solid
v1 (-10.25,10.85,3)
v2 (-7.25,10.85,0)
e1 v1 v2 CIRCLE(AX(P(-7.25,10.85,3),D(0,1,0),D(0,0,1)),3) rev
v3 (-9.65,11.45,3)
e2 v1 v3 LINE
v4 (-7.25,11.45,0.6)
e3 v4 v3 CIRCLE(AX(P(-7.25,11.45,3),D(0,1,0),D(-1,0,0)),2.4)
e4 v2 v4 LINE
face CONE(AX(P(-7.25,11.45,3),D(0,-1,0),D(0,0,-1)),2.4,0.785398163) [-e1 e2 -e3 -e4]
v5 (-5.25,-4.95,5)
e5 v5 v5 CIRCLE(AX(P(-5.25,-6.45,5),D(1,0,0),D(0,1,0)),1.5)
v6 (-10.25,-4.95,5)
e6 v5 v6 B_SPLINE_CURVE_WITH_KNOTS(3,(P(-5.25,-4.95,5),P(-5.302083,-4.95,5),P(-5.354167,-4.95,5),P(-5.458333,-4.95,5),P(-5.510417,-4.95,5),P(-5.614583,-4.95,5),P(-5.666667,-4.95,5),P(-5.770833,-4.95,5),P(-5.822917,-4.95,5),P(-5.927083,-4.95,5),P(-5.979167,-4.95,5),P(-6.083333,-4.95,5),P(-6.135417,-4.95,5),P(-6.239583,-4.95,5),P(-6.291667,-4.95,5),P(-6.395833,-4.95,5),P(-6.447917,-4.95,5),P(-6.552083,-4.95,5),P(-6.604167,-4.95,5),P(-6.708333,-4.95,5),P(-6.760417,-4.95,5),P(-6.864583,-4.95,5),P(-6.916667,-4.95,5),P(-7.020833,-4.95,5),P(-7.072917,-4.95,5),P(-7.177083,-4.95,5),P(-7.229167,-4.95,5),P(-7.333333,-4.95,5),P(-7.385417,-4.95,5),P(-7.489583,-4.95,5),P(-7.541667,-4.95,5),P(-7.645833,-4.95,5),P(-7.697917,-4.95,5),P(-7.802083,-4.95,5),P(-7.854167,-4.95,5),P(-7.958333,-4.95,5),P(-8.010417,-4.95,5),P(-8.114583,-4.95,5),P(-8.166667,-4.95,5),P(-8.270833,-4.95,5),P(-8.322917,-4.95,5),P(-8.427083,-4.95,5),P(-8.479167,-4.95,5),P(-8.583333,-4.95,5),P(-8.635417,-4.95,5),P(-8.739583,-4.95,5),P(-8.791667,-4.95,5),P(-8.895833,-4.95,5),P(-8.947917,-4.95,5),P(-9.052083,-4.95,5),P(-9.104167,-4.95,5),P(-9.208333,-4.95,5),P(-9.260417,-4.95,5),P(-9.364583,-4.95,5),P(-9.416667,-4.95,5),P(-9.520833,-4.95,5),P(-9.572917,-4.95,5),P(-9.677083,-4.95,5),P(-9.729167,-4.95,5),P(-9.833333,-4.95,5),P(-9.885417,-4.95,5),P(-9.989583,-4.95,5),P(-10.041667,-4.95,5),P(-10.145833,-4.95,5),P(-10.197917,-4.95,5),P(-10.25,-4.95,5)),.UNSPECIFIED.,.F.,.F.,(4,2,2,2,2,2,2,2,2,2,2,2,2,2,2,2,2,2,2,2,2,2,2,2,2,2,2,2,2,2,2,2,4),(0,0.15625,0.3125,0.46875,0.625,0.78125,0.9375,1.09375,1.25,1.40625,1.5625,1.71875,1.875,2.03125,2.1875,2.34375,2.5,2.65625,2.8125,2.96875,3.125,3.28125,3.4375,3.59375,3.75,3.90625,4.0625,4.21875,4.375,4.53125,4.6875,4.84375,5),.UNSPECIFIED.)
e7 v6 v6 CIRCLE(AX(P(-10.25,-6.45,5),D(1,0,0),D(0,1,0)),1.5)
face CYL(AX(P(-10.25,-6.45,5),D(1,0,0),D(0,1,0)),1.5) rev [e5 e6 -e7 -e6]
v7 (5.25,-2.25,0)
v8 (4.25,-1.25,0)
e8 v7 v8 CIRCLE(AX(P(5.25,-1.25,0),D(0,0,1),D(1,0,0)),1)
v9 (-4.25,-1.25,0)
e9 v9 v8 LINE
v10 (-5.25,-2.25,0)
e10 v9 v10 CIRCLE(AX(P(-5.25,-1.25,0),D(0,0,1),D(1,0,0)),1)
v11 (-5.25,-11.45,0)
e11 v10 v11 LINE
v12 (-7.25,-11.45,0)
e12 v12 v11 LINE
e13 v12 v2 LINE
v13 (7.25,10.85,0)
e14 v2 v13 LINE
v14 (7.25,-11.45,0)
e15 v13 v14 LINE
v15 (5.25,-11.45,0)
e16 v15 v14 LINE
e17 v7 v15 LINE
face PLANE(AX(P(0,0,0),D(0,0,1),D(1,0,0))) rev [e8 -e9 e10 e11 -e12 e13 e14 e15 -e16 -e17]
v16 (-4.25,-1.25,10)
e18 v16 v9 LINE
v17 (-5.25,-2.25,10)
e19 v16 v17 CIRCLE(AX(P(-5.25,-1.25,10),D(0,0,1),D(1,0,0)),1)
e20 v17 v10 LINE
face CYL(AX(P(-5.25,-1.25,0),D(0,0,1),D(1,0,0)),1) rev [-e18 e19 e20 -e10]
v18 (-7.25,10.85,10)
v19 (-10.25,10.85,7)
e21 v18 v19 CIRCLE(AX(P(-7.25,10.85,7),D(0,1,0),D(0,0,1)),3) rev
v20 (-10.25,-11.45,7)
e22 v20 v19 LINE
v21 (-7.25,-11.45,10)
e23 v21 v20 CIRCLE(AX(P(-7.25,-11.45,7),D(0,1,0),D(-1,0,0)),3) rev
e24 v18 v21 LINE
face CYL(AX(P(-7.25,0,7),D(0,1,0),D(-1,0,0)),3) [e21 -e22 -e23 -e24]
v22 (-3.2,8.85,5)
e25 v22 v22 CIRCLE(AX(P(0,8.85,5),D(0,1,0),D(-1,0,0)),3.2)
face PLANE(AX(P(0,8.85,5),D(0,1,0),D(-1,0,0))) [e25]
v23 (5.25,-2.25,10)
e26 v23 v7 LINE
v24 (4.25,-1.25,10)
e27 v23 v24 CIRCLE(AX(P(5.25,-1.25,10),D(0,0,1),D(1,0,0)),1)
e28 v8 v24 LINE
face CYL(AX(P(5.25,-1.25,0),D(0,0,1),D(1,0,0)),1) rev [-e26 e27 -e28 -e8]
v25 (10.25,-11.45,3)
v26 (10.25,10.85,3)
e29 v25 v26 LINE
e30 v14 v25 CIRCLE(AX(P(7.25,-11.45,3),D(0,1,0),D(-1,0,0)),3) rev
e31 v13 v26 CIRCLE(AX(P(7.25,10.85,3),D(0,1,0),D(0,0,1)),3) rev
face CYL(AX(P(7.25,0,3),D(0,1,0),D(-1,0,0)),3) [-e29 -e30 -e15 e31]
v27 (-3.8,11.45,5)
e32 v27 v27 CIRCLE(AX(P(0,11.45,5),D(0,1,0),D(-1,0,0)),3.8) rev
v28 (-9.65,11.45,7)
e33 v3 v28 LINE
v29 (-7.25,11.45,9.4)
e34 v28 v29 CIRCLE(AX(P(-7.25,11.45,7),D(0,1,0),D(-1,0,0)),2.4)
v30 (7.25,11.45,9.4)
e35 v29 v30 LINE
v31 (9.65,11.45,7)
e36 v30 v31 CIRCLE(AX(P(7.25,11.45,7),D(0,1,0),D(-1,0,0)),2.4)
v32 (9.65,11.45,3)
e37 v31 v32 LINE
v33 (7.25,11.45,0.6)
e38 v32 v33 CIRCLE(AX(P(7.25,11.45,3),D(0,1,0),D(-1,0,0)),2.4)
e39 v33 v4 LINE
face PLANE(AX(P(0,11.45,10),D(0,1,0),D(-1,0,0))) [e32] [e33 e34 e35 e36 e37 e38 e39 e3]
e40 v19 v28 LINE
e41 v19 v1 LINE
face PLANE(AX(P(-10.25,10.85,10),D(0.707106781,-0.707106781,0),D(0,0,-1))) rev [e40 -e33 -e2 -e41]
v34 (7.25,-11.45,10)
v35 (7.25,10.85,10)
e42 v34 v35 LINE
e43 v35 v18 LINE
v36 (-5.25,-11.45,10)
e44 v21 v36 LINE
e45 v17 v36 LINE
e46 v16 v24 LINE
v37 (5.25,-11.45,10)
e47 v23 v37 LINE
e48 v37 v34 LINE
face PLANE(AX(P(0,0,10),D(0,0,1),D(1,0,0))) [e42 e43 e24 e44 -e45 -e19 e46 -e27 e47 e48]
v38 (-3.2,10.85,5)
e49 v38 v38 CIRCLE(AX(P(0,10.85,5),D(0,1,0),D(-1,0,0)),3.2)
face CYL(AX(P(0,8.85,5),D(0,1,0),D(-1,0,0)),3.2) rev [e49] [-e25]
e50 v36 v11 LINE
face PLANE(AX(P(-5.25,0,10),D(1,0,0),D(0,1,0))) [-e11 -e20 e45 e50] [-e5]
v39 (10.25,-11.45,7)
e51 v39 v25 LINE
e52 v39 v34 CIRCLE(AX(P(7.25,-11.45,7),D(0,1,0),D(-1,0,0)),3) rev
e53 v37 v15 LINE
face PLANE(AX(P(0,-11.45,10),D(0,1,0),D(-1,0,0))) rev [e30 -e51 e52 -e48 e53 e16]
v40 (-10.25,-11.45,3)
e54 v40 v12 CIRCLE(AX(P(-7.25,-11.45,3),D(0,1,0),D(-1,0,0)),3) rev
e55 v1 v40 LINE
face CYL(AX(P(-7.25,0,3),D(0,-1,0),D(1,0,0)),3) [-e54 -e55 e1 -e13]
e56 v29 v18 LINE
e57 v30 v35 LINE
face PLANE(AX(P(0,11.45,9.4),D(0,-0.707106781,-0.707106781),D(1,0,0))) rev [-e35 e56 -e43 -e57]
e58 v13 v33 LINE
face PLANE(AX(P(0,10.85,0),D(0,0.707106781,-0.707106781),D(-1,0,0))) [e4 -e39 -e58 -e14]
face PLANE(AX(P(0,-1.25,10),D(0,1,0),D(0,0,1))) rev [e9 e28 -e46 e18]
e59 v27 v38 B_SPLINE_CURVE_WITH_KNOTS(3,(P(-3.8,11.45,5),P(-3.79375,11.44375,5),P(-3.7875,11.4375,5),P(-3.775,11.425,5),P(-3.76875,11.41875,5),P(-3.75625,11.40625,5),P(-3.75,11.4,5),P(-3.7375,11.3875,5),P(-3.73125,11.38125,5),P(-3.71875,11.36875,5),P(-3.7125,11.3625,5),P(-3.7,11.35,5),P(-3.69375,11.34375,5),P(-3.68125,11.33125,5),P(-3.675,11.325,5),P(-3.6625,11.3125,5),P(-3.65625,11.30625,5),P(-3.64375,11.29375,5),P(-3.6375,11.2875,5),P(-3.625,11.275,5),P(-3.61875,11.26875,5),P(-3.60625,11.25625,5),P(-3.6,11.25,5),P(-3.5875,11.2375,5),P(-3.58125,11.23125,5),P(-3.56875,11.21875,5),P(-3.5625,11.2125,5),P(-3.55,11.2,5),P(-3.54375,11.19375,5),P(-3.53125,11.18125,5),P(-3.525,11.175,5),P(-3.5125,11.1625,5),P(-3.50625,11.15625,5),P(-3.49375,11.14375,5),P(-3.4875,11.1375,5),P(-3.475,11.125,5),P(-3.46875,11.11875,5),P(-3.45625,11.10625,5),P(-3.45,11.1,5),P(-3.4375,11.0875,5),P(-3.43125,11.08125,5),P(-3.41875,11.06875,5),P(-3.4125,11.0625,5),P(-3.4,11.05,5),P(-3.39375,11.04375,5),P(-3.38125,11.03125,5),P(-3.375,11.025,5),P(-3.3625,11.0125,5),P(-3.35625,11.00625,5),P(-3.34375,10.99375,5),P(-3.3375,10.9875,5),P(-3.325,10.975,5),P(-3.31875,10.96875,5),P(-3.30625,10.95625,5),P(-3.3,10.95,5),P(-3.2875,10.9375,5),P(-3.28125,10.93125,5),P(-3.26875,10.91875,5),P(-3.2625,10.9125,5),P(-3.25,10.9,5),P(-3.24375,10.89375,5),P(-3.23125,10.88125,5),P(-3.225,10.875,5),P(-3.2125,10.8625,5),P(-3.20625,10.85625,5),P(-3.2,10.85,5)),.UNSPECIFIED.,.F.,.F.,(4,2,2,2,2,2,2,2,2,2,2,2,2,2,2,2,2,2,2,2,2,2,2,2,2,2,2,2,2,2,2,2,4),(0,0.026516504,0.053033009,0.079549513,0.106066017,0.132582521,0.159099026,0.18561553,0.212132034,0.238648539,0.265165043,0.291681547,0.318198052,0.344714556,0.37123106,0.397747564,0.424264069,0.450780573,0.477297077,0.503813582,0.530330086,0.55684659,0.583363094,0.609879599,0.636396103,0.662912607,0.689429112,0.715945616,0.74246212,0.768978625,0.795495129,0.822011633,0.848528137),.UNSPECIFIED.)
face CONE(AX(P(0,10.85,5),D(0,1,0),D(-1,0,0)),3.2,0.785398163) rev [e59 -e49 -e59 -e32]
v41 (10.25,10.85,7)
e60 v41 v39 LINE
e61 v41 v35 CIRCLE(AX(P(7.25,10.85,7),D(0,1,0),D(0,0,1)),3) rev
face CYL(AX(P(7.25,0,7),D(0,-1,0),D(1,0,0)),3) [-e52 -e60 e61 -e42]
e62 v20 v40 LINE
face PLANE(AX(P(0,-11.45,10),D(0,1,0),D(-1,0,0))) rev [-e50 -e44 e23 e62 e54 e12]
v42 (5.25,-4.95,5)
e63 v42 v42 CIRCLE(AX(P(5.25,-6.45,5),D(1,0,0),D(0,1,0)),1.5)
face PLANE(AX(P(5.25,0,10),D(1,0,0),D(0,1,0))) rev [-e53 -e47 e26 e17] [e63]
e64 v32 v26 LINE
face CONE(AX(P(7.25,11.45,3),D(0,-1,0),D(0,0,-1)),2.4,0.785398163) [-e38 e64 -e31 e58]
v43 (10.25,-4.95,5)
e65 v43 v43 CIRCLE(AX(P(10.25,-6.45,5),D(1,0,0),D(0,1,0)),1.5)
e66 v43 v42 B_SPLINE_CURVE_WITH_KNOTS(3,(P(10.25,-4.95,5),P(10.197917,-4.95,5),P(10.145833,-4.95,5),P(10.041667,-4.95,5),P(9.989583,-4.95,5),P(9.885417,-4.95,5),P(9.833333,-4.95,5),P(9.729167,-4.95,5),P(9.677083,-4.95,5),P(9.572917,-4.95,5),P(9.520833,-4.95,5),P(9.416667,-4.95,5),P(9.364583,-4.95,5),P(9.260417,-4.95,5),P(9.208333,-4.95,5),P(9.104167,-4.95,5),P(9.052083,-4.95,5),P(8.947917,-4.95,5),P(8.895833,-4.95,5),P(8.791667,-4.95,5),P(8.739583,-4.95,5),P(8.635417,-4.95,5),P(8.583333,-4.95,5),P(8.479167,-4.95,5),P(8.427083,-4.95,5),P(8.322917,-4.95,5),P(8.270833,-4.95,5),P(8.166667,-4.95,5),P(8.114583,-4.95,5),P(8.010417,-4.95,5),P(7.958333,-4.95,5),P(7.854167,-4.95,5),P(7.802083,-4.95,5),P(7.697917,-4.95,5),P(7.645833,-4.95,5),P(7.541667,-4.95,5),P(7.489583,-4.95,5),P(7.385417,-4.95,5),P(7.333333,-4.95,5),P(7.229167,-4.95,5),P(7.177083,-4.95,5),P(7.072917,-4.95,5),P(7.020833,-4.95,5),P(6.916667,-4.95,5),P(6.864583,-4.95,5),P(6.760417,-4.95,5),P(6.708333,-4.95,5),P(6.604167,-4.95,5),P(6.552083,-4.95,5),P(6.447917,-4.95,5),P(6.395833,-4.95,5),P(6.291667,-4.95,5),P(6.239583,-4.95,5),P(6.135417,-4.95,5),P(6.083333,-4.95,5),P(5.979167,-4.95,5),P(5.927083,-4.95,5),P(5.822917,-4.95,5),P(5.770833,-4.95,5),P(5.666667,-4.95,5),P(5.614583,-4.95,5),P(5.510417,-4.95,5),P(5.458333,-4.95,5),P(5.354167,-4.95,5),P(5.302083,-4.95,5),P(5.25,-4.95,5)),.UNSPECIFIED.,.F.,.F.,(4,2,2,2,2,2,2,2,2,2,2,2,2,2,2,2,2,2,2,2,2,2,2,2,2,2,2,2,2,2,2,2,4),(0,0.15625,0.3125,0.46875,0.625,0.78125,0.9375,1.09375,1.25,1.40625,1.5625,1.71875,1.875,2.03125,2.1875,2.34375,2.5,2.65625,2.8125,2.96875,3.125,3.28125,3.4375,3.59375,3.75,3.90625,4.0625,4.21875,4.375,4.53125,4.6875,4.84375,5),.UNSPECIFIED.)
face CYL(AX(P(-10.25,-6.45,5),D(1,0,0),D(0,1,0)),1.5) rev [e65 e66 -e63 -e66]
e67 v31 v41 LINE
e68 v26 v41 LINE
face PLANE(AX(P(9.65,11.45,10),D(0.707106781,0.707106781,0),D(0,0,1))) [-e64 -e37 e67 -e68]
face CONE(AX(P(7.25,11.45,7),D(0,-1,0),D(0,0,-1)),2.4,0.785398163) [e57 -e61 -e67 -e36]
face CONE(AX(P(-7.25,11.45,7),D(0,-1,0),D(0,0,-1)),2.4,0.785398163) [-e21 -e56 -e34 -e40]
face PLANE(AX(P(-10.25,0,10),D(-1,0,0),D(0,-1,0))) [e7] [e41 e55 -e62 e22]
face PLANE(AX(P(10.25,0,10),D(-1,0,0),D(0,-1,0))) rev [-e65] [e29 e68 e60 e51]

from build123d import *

# Parameters (mm, degrees)
EXTRUDE_1_DEPTH     = 10
SKETCH_2_R          = 3.2
CUT_EXTRUDE_1_DEPTH = 2.6
SKETCH_3_R          = 1.5
CUT_EXTRUDE_2_DEPTH = 26.521608492
SKETCH_4_R          = 1
CUT_EXTRUDE_3_DEPTH = 19.334802971
FILLET_1_R          = 3
CHAMFER_1_SIZE      = 0.6


with BuildPart() as part:
    # ｽｹｯﾁ1 → ﾎﾞｽ - 押し出し1 (new body)
    with BuildSketch(Plane.XY):
        Polygon((-10.25, 11.45), (-10.25, -11.45), (-5.25, -11.45), (-5.25, -1.25), (5.25, -1.25), (5.25, -11.45), (10.25, -11.45), (10.25, 11.45), align=None)
    extrude(amount=EXTRUDE_1_DEPTH)

    # ｽｹｯﾁ2 → ｶｯﾄ - 押し出し1 (cut)
    with BuildSketch(Plane(origin=(0, 11.45, 0), x_dir=(1, 0, 0), z_dir=(0, 1, 0))):
        with Locations(Location((0, -5, 0), (0, 0, 180))):
            Circle(SKETCH_2_R)
    extrude(amount=-CUT_EXTRUDE_1_DEPTH, mode=Mode.SUBTRACT)

    # ｽｹｯﾁ3 → ｶｯﾄ - 押し出し2 (cut, through all)
    with BuildSketch(Plane(origin=(10.25, 0, 0), x_dir=(0, 0, -1), z_dir=(1, 0, 0))):
        with Locations(Location((-5, -6.45, 0), (0, 0, 90))):
            Circle(SKETCH_3_R)
    extrude(amount=-CUT_EXTRUDE_2_DEPTH, mode=Mode.SUBTRACT)

    # ｽｹｯﾁ4 → ｶｯﾄ - 押し出し3 (cut, through all)
    with BuildSketch(Plane.XY.offset(10)):
        with Locations((5.25, -1.25)):
            Circle(SKETCH_4_R)
        with Locations((-5.25, -1.25)):
            Circle(SKETCH_4_R)
    extrude(amount=-CUT_EXTRUDE_3_DEPTH, mode=Mode.SUBTRACT)

    # ﾌｨﾚｯﾄ1
    fillet_1_edges = [part.edges().sort_by_distance(p)[0] for p in [
        (-10.25, 0, 0),
        (10.25, 0, 0),
        (10.25, 0, 10),
        (-10.25, 0, 10),
    ]]
    fillet(fillet_1_edges, radius=FILLET_1_R)

    # 面取り1
    chamfer_1_edges = [part.edges().sort_by_distance(p)[0] for p in [
        (3.2, 11.45, 5),
        (0, 11.45, 0),
        (-10.25, 11.45, 5),
        (0, 11.45, 10),
        (10.25, 11.45, 5),
        (9.371320344, 11.45, 9.121320344),
        (9.371320344, 11.45, 0.878679656),
        (-9.371320344, 11.45, 9.121320344),
        (-9.371320344, 11.45, 0.878679656),
    ]]
    chamfer(chamfer_1_edges, length=CHAMFER_1_SIZE)


solid = part.part
